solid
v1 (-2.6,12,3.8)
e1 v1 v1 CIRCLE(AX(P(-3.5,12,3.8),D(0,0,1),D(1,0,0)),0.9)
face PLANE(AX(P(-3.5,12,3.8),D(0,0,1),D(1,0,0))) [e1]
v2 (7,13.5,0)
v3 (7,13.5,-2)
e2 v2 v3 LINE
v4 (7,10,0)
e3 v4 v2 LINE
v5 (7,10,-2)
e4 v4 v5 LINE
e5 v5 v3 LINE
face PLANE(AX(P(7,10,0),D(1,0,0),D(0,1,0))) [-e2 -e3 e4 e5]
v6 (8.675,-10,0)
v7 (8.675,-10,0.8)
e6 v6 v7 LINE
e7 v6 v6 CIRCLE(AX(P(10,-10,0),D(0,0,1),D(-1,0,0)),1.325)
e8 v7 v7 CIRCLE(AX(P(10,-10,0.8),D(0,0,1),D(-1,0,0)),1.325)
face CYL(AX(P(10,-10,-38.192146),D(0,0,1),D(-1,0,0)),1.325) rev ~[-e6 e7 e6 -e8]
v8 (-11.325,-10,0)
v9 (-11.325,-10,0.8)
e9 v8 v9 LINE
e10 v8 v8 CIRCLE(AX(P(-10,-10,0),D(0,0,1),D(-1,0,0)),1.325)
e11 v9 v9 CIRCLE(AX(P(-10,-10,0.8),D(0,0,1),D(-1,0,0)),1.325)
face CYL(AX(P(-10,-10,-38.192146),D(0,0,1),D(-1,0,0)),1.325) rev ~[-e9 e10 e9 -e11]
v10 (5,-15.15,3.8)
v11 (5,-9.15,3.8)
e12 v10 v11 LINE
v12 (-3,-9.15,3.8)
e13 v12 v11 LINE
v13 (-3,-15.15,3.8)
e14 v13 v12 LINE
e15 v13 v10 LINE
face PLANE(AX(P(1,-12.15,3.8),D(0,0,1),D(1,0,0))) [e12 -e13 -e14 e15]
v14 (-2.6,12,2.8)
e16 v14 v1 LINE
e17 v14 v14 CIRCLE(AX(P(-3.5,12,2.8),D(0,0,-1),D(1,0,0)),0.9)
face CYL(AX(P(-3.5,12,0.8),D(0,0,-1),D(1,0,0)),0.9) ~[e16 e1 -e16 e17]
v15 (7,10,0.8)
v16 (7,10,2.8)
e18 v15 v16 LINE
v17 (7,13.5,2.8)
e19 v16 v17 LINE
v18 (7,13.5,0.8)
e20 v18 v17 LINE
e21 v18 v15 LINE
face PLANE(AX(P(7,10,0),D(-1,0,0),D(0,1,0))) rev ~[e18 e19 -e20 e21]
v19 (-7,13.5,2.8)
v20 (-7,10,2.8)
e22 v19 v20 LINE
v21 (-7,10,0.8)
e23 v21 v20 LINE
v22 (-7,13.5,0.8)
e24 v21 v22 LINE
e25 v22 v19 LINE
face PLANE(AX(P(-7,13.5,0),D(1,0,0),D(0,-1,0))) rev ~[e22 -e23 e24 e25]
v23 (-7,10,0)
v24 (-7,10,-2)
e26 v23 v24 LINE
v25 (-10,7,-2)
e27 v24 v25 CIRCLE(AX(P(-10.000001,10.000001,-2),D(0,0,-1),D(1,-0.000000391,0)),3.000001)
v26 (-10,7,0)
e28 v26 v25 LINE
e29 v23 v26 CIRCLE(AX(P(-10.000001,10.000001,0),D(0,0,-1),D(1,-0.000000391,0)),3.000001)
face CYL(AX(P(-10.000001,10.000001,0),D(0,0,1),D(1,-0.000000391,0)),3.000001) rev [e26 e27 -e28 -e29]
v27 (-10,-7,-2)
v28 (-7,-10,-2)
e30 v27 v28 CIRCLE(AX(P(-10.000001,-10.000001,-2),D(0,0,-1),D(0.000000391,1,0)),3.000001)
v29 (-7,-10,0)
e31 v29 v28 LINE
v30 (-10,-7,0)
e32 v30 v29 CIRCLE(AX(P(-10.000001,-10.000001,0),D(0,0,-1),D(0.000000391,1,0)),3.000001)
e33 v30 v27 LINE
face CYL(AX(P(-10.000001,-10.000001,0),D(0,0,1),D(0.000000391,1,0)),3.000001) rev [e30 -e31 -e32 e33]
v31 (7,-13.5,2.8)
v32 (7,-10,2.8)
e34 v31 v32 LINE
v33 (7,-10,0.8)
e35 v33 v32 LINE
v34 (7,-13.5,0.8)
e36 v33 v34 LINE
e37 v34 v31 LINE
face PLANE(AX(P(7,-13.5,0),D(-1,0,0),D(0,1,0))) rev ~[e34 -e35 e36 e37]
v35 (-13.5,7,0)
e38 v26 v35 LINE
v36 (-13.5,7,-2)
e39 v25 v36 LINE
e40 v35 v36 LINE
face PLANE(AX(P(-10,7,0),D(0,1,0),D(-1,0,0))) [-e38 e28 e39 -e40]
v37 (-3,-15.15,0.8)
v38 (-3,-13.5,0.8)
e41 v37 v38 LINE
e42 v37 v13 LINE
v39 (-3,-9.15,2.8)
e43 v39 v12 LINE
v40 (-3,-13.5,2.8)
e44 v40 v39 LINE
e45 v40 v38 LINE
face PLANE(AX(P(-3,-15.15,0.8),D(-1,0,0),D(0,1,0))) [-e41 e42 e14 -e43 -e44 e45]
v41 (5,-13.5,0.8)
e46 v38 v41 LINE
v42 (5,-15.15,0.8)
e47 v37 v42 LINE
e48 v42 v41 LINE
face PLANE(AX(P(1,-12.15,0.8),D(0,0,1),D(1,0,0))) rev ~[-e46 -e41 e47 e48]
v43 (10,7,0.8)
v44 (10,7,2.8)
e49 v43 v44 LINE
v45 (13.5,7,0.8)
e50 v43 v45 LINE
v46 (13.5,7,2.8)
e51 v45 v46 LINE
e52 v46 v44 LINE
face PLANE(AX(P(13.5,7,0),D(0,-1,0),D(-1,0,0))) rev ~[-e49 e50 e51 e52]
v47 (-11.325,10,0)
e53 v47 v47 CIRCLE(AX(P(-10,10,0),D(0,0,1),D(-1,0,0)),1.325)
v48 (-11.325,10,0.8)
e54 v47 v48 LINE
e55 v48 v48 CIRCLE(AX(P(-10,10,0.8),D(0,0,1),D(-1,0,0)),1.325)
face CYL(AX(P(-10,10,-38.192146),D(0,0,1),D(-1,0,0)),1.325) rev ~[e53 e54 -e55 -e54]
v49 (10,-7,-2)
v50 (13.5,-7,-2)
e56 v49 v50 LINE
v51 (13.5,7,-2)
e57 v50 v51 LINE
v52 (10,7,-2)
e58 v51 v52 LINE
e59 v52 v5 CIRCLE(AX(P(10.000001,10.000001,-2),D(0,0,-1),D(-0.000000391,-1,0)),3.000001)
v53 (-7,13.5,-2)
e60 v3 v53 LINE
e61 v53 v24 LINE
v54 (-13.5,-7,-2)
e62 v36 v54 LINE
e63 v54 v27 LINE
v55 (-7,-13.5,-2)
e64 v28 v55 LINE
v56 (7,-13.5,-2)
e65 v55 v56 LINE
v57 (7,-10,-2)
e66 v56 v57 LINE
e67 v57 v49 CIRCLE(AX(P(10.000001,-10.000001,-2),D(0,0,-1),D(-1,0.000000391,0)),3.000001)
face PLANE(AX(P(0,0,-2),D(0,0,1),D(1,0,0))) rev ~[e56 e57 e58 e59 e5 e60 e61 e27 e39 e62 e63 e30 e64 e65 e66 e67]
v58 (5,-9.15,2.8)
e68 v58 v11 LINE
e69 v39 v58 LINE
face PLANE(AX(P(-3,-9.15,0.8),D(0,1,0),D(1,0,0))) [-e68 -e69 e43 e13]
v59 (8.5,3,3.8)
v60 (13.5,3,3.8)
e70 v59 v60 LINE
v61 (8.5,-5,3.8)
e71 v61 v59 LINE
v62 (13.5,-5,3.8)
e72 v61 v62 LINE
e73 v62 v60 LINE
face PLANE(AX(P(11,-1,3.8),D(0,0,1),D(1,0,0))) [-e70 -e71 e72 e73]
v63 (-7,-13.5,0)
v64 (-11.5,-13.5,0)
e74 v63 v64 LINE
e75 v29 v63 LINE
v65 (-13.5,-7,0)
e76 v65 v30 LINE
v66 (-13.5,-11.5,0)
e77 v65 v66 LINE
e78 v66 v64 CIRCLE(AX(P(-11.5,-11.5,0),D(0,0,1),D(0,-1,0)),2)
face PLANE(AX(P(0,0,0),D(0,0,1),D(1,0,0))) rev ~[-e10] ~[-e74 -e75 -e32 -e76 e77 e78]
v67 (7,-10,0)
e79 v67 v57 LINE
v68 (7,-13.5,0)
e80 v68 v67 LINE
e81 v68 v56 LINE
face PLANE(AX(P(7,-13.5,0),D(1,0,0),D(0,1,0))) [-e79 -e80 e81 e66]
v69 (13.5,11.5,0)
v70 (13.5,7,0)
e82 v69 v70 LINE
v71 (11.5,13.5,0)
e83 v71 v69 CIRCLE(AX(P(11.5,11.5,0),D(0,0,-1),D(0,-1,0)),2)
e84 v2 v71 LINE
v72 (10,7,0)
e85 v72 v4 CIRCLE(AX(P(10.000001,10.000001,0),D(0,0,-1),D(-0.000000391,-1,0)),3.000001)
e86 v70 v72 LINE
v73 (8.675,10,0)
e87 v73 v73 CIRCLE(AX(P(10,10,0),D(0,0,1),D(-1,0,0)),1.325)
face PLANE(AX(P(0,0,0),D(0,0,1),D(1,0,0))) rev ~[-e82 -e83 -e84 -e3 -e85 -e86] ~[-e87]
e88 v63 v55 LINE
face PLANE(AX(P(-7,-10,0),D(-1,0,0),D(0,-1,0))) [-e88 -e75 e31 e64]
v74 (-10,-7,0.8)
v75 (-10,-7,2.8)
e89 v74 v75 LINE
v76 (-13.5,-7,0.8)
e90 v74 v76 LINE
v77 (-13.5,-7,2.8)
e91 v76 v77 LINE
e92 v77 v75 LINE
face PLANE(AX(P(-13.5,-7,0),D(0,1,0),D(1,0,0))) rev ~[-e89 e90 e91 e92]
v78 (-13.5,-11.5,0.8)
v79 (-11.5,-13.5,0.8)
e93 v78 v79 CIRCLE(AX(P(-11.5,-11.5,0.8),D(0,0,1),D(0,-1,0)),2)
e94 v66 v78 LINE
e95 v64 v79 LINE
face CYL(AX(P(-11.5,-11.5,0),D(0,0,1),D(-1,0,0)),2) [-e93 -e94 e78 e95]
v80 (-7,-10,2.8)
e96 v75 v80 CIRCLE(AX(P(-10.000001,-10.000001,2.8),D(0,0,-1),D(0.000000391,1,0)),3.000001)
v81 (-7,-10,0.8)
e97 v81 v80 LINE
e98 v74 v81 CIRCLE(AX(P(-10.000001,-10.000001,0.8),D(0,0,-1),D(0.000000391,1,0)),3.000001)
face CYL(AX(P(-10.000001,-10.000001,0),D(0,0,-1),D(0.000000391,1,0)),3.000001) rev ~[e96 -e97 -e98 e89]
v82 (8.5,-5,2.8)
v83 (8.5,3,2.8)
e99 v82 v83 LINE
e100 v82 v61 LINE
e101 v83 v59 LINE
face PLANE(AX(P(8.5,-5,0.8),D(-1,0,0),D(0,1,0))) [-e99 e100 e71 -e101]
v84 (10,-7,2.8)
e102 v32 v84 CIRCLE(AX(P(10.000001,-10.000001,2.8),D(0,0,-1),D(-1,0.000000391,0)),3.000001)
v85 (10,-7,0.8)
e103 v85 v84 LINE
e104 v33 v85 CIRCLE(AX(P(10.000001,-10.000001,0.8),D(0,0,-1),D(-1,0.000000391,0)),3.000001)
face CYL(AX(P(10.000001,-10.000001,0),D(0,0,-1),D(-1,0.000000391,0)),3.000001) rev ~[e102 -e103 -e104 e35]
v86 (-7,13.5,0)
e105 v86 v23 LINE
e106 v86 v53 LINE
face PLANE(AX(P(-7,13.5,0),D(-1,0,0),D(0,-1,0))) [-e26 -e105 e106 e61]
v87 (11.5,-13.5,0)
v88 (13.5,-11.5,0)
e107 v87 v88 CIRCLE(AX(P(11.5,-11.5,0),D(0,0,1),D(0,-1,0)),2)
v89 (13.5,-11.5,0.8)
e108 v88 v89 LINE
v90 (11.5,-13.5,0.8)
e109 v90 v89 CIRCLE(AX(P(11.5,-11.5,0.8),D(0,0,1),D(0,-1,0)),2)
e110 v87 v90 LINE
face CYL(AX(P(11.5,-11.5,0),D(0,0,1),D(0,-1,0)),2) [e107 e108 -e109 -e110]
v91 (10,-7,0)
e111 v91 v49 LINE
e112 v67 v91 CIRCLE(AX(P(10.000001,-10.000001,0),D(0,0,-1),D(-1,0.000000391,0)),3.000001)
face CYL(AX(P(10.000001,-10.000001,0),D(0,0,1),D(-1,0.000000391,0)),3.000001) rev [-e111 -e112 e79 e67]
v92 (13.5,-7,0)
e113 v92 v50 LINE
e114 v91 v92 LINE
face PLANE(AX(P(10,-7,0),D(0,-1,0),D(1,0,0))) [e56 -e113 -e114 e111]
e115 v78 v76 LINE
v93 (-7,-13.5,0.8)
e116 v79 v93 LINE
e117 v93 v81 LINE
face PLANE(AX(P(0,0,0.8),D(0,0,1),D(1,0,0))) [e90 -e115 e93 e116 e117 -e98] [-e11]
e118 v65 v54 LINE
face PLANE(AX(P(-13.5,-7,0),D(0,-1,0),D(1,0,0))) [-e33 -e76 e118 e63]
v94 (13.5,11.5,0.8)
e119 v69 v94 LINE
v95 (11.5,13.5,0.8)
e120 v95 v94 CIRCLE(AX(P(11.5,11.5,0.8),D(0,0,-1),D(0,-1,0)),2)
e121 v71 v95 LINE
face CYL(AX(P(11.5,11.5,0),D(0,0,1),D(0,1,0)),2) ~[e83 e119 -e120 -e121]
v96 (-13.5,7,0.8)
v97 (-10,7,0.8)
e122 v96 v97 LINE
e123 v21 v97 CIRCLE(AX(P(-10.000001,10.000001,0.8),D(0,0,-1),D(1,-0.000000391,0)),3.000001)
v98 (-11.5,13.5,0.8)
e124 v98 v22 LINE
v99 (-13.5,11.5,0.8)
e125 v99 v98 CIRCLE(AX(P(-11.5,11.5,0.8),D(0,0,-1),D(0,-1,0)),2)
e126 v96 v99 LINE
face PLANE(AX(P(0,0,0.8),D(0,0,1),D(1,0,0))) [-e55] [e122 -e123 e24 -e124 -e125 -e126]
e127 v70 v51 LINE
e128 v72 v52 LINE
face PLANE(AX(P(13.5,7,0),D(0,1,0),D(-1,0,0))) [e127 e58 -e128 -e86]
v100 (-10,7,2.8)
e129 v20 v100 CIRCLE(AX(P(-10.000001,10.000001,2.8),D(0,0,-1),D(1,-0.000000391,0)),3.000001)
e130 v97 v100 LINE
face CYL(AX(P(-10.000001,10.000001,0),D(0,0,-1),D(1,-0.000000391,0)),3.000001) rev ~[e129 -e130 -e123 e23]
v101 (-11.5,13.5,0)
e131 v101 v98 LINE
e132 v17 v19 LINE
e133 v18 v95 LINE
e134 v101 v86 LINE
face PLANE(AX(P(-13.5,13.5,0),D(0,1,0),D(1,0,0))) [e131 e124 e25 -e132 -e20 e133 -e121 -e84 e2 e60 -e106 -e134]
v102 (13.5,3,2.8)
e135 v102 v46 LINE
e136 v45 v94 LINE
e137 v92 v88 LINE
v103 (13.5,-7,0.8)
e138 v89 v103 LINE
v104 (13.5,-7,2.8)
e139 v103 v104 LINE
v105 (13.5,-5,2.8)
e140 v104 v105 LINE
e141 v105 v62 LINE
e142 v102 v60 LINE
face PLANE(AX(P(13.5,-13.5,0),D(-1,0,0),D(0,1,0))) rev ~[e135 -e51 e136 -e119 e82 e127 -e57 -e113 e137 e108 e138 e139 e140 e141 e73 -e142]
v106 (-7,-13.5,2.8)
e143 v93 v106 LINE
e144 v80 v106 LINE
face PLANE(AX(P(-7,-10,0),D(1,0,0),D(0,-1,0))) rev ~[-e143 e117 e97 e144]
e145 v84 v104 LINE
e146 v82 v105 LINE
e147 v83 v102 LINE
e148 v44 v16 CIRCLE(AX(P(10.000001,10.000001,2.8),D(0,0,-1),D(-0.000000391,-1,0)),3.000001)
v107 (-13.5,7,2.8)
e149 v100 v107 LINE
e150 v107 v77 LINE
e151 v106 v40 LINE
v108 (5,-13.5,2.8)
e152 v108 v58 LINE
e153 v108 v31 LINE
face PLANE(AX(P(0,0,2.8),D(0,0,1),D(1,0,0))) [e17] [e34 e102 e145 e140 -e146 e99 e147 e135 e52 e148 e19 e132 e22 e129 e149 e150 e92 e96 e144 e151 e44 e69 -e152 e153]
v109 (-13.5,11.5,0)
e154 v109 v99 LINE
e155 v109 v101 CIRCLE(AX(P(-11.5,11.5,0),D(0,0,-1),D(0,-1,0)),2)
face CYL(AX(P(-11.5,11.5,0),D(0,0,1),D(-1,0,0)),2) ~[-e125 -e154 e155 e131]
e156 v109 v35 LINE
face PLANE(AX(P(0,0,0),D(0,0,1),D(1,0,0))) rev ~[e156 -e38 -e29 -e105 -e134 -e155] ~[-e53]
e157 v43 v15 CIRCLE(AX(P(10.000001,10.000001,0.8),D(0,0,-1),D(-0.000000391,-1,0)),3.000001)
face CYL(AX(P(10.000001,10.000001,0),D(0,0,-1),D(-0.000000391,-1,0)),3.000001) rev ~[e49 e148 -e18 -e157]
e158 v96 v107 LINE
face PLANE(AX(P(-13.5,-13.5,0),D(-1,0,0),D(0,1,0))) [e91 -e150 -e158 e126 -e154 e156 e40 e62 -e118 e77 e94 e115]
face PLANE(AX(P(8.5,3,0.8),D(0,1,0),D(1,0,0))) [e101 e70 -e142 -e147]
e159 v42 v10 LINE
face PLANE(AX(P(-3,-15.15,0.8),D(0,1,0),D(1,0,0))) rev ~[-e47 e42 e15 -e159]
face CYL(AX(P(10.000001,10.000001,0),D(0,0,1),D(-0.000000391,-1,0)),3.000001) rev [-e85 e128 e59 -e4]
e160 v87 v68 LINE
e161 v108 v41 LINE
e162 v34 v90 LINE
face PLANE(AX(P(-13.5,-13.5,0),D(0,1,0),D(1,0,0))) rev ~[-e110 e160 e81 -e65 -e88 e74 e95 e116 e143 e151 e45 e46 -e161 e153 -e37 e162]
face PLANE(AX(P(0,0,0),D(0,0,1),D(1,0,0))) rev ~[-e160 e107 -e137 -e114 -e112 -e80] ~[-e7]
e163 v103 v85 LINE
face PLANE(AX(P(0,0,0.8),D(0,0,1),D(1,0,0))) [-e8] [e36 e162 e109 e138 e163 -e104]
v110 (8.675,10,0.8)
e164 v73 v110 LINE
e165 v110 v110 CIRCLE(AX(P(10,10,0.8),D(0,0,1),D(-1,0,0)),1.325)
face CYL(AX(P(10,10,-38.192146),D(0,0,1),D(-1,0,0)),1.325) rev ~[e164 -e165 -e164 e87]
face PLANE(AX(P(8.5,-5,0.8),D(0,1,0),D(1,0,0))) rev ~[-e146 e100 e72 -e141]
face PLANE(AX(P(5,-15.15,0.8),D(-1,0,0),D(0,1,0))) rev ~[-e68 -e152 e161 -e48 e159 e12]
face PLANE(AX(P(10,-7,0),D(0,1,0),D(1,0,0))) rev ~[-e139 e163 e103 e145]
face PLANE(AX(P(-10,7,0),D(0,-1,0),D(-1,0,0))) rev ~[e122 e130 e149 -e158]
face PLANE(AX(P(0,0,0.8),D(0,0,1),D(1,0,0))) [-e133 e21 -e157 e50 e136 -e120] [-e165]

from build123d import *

# Parameters (mm, degrees)
F0_W          = 27
F0_H          = 27
F1_DEPTH      = 0.8
F2_D          = 2.65
F3_R          = 2
F4_W          = 5
F4_H          = 8
F4_W_2        = 8
F4_H_2        = 6
F4_R          = 0.9
F5_DEPTH      = 3
F7_DEPTH      = 2.8
F7_DEPTH_BACK = 2


with BuildPart() as f1:
    # F0 (on Top) → F1 (new body)
    with BuildSketch(Plane.XY):
        Rectangle(F0_W, F0_H)
    extrude(amount=F1_DEPTH)

    # F2 (through all)
    with Locations(Plane(origin=(0, 0, 0), x_dir=(1, 0, 0), z_dir=(0, 0, -1))):
        with Locations((-10, 10), (-10, -10), (10, 10), (10, -10)):
            Hole(F2_D / 2)

    # F3
    f3_edges = [f1.edges().sort_by_distance(p)[0] for p in [
        (-13.5, -13.5, 0.4),
        (-13.5, 13.5, 0.4),
        (13.5, -13.5, 0.4),
        (13.5, 13.5, 0.4),
    ]]
    fillet(f3_edges, radius=F3_R)

    # F4 (on face) → F5 (join)
    with BuildSketch(Plane.XY.offset(0.8)):
        with Locations((11, -1)):
            Rectangle(F4_W, F4_H)
        with Locations((1, -12.15)):
            Rectangle(F4_W_2, F4_H_2)
        with Locations((-3.5, 12)):
            Circle(F4_R)
    extrude(amount=F5_DEPTH)

    # F6 (on Top) → F7 (join, two sides)
    with BuildSketch(Plane.XY) as f7_sk:
        with BuildLine():
            Line((7, 10), (7, 13.5))
            Line((7, 13.5), (-7, 13.5))
            Line((-7, 13.5), (-7, 10))
            ThreePointArc((-7, 10), (-7.87868, 7.87868), (-10, 7))
            Line((-10, 7), (-13.5, 7))
            Line((-13.5, 7), (-13.5, -7))
            Line((-13.5, -7), (-10, -7))
            ThreePointArc((-10, -7), (-7.87868, -7.87868), (-7, -10))
            Line((-7, -10), (-7, -13.5))
            Line((-7, -13.5), (7, -13.5))
            Line((7, -13.5), (7, -10))
            ThreePointArc((7, -10), (7.87868, -7.87868), (10, -7))
            Line((10, -7), (13.5, -7))
            Line((13.5, -7), (13.5, 7))
            Line((13.5, 7), (10, 7))
            ThreePointArc((10, 7), (7.87868, 7.87868), (7, 10))
        make_face()
    extrude(amount=F7_DEPTH)
    extrude(f7_sk.sketch, amount=-F7_DEPTH_BACK)


solid = f1.part
